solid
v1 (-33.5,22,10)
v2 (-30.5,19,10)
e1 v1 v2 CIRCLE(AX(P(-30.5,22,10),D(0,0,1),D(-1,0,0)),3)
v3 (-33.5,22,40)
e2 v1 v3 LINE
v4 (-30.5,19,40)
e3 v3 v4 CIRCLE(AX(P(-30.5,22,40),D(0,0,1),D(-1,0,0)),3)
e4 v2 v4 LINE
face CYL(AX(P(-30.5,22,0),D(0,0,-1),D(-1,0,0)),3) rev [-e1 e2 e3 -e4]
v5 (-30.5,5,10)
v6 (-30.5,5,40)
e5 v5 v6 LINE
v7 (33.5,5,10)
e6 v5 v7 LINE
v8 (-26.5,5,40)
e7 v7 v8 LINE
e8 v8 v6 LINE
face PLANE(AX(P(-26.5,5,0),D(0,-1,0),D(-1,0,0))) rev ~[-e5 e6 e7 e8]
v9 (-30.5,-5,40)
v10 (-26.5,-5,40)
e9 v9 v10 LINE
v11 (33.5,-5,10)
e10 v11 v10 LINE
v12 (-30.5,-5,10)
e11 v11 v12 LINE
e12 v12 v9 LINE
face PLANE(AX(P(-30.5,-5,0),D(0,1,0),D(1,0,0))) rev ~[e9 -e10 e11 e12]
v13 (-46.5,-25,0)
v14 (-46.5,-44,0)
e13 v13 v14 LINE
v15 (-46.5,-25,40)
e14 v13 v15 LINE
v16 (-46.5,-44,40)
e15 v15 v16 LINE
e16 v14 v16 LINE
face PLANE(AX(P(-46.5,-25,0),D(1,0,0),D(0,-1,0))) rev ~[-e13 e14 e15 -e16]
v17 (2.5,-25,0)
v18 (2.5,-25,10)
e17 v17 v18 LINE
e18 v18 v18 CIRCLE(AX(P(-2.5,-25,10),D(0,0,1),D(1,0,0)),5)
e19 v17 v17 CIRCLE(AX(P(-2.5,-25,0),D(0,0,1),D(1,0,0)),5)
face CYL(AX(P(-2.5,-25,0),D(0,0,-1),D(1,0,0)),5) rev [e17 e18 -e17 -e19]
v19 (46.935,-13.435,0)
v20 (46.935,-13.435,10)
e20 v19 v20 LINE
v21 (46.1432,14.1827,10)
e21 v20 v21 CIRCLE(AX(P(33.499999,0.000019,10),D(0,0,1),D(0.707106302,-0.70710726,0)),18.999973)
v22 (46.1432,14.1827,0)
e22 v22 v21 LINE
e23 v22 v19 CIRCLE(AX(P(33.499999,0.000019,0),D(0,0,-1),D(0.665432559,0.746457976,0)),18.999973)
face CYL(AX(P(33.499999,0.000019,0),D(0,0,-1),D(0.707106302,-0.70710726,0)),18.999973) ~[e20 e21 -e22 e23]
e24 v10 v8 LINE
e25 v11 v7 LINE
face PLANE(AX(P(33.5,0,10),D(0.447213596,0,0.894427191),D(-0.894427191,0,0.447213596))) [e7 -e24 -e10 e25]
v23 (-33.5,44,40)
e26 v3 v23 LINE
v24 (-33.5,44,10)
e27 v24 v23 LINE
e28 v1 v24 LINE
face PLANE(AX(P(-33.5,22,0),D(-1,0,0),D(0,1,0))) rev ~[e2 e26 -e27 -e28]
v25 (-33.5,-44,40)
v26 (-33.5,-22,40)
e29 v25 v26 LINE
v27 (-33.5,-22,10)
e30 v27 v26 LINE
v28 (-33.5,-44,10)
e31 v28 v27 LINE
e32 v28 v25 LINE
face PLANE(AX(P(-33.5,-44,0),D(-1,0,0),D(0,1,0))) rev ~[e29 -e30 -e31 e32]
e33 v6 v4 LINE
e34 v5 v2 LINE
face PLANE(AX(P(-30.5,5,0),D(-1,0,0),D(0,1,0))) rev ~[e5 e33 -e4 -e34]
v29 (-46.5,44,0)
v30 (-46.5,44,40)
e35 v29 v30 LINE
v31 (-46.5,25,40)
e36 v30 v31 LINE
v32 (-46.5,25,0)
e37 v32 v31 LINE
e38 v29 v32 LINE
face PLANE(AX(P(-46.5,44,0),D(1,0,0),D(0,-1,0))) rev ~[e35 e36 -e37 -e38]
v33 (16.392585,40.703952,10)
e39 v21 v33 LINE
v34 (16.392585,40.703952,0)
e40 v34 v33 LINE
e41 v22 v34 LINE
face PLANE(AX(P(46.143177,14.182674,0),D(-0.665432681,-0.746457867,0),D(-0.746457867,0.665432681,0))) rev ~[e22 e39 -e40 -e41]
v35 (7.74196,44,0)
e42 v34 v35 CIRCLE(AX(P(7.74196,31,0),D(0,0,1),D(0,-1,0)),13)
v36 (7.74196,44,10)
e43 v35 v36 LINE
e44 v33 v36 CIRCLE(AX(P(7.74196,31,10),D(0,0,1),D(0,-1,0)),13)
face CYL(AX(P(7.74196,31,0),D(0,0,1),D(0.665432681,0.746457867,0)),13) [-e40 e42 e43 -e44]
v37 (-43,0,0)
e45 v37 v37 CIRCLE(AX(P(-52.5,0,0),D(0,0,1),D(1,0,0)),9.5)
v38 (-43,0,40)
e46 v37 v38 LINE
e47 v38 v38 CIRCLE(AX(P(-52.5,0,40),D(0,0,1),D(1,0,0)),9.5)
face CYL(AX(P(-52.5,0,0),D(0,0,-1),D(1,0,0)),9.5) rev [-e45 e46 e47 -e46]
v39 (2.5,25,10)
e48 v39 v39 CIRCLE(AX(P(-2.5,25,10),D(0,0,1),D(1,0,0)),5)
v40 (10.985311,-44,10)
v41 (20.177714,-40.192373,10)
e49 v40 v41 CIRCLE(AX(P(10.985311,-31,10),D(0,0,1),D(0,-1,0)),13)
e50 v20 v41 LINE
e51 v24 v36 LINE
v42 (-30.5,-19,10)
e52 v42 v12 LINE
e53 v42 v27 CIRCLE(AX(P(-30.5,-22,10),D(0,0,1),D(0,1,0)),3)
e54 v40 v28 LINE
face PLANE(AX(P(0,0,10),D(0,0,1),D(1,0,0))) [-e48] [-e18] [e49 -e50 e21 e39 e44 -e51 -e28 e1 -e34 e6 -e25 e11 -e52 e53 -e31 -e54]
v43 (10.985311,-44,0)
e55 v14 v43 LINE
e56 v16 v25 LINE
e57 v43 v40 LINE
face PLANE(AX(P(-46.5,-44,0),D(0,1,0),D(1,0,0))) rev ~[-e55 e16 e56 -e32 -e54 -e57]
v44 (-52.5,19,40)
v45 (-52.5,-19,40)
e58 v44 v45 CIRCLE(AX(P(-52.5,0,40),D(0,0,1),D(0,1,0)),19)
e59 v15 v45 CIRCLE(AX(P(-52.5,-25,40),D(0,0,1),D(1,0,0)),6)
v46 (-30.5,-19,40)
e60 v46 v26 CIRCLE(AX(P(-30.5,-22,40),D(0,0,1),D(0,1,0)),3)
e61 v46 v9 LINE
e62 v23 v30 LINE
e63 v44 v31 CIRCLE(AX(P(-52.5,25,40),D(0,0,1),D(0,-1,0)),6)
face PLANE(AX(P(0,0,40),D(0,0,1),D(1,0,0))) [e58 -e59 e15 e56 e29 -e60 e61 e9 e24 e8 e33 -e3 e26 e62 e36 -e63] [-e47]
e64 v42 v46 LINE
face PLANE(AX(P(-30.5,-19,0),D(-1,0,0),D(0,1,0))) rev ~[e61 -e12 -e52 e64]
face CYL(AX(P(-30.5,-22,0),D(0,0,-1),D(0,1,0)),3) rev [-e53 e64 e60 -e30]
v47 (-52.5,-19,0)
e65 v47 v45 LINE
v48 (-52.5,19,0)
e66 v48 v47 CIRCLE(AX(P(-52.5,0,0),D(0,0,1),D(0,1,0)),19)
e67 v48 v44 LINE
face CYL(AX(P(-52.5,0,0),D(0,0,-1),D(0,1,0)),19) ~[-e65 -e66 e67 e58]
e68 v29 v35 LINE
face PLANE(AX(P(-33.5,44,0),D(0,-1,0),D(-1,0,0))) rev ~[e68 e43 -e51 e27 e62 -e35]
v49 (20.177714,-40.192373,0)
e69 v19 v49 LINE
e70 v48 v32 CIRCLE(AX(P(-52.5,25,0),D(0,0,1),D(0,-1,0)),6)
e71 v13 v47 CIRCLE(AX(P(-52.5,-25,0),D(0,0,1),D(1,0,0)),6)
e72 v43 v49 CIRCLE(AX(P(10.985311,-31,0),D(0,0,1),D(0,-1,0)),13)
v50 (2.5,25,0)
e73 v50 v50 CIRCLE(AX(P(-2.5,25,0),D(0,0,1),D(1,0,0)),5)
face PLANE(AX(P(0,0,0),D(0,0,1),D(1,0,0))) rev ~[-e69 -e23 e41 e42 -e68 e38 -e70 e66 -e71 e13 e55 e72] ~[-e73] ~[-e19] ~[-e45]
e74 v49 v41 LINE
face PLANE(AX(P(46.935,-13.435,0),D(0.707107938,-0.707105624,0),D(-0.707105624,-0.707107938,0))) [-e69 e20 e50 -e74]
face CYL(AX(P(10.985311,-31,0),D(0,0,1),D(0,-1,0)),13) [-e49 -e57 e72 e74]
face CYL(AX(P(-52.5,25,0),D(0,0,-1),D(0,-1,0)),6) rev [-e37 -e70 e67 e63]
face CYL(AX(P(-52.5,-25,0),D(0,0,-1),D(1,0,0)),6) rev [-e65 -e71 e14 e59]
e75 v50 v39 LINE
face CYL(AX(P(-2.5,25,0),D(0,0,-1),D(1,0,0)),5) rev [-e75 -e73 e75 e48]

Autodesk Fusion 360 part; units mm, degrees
sketch "Sketch1" plane through (0, 0, 0) normal (0, 0, 1) x (1, 0, 0)
  line L0 (16.3701, -44) -> (-33.5, -44)
  line L1 (-33.5, 44) -> (12.6952, 44)
  line L2 (-26.5, 5) -> (-30.5, 5) construction
  line L3 (-30.5, -5) -> (-26.5, -5) construction
  circle A0 centre (-2.5, 25) radius 5
  circle A1 centre (-2.5, -25) radius 5
  line L4 (46.935, 13.435) -> (46.9571, 13.4571)
  line L5 (46.935, -13.435) -> (16.3701, -44)
  line L6 (46.9571, 13.4571) -> (12.6952, 44)
  line L7 (-33.5, 44) -> (-46.5, 44)
  line L8 (-46.5, -44) -> (-33.5, -44)
  circle A2 centre (-52.5, 0) radius 9.5
  arc A3 (-52.5, 19) -> (-46.5, 25) centre (-52.5, 25) ccw
  arc A4 (-46.5, -25) -> (-52.5, -19) centre (-52.5, -25) ccw
  line L9 (-46.5, 25) -> (-46.5, 44) construction
  line L10 (-46.5, 44) -> (-46.5, 25)
  arc A5 (-52.5, 19) -> (-52.5, -19) centre (-52.5, 0) ccw
  line L11 (-46.5, -44) -> (-46.5, -25) construction
  line L12 (-46.5, -25) -> (-46.5, -44)
  line L13 (-33.5, -44) -> (-26.5, -44) construction
  arc A6 (-30.5, -19) -> (-33.5, -22) centre (-30.5, -22) ccw
  arc A7 (-33.5, 22) -> (-30.5, 19) centre (-30.5, 22) ccw
  line L14 (-33.5, -22) -> (-33.5, -44) construction
  line L15 (-33.5, 44) -> (-33.5, 22) construction
  line L16 (-33.5, 22) -> (-33.5, 44)
  line L17 (-33.5, 22) -> (-33.5, 44)
  line L18 (-33.5, -44) -> (-33.5, -22)
  line L19 (-33.5, -44) -> (-33.5, -22)
  arc A8 (46.935, -13.435) -> (46.1432, 14.1827) centre (33.5, 0) ccw
  line L20 (-30.5, -19) -> (-30.5, -5)
  line L21 (-30.5, 5) -> (-30.5, 19)
  line L22 (-30.5, -5) -> (-26.5, -5)
  line L23 (-26.5, -5) -> (-26.5, 5)
  line L24 (-26.5, 5) -> (-30.5, 5)
  dimension "d2" = 88
  dimension "d4" = 10
  dimension "d5" = 39
  dimension "d8" = 10
  dimension "d9" = 10
  dimension "d10" = 38
  dimension "d13" = 13
  dimension "d17" = 19
  dimension "d18" = 38
  dimension "d20" = 12
  dimension "d21" = 12
  dimension "d22" = 7
  dimension "d25" = 6
  dimension "d26" = 6
  dimension "d27" = 4
extrude "Extrude1" add sketch "Sketch1" along normal blind 40 contours L7 L8 A3 A4 L10 A5 L12 A6 A7 L16 L17 L18 L19 L20 L21 L22 L23 L24
extrude "Extrude2" add sketch "Sketch1" along normal blind 10 contours L0 L1 L5 L6 A6 A7 L16 L17 L18 L19 A8 L20 L21 L22 L23 L24
sketch "Sketch2" plane through (0, 0, 0) normal (0, 1, 0) x (1, 0, 0)
  line L0 (-26.5, -40) -> (-26.5, -10)
  line L1 (-26.5, -10) -> (33.5, -10)
  line L2 (33.5, -10) -> (-26.5, -40)
  dimension "d32" = 60
extrude "Extrude3" add sketch "Sketch2" along normal mid plane 10
fillet "Fillet1" radius 13 1 edges at (16.3701, -44, 5)
fillet "Fillet2" radius 13 1 edges at (12.6952, 44, 5)
equation "d5 = ( ( 88 - 10 ) / 2 ) * 1 mm"
equation "d10 = ( 19 * 2 ) * 1 mm"
